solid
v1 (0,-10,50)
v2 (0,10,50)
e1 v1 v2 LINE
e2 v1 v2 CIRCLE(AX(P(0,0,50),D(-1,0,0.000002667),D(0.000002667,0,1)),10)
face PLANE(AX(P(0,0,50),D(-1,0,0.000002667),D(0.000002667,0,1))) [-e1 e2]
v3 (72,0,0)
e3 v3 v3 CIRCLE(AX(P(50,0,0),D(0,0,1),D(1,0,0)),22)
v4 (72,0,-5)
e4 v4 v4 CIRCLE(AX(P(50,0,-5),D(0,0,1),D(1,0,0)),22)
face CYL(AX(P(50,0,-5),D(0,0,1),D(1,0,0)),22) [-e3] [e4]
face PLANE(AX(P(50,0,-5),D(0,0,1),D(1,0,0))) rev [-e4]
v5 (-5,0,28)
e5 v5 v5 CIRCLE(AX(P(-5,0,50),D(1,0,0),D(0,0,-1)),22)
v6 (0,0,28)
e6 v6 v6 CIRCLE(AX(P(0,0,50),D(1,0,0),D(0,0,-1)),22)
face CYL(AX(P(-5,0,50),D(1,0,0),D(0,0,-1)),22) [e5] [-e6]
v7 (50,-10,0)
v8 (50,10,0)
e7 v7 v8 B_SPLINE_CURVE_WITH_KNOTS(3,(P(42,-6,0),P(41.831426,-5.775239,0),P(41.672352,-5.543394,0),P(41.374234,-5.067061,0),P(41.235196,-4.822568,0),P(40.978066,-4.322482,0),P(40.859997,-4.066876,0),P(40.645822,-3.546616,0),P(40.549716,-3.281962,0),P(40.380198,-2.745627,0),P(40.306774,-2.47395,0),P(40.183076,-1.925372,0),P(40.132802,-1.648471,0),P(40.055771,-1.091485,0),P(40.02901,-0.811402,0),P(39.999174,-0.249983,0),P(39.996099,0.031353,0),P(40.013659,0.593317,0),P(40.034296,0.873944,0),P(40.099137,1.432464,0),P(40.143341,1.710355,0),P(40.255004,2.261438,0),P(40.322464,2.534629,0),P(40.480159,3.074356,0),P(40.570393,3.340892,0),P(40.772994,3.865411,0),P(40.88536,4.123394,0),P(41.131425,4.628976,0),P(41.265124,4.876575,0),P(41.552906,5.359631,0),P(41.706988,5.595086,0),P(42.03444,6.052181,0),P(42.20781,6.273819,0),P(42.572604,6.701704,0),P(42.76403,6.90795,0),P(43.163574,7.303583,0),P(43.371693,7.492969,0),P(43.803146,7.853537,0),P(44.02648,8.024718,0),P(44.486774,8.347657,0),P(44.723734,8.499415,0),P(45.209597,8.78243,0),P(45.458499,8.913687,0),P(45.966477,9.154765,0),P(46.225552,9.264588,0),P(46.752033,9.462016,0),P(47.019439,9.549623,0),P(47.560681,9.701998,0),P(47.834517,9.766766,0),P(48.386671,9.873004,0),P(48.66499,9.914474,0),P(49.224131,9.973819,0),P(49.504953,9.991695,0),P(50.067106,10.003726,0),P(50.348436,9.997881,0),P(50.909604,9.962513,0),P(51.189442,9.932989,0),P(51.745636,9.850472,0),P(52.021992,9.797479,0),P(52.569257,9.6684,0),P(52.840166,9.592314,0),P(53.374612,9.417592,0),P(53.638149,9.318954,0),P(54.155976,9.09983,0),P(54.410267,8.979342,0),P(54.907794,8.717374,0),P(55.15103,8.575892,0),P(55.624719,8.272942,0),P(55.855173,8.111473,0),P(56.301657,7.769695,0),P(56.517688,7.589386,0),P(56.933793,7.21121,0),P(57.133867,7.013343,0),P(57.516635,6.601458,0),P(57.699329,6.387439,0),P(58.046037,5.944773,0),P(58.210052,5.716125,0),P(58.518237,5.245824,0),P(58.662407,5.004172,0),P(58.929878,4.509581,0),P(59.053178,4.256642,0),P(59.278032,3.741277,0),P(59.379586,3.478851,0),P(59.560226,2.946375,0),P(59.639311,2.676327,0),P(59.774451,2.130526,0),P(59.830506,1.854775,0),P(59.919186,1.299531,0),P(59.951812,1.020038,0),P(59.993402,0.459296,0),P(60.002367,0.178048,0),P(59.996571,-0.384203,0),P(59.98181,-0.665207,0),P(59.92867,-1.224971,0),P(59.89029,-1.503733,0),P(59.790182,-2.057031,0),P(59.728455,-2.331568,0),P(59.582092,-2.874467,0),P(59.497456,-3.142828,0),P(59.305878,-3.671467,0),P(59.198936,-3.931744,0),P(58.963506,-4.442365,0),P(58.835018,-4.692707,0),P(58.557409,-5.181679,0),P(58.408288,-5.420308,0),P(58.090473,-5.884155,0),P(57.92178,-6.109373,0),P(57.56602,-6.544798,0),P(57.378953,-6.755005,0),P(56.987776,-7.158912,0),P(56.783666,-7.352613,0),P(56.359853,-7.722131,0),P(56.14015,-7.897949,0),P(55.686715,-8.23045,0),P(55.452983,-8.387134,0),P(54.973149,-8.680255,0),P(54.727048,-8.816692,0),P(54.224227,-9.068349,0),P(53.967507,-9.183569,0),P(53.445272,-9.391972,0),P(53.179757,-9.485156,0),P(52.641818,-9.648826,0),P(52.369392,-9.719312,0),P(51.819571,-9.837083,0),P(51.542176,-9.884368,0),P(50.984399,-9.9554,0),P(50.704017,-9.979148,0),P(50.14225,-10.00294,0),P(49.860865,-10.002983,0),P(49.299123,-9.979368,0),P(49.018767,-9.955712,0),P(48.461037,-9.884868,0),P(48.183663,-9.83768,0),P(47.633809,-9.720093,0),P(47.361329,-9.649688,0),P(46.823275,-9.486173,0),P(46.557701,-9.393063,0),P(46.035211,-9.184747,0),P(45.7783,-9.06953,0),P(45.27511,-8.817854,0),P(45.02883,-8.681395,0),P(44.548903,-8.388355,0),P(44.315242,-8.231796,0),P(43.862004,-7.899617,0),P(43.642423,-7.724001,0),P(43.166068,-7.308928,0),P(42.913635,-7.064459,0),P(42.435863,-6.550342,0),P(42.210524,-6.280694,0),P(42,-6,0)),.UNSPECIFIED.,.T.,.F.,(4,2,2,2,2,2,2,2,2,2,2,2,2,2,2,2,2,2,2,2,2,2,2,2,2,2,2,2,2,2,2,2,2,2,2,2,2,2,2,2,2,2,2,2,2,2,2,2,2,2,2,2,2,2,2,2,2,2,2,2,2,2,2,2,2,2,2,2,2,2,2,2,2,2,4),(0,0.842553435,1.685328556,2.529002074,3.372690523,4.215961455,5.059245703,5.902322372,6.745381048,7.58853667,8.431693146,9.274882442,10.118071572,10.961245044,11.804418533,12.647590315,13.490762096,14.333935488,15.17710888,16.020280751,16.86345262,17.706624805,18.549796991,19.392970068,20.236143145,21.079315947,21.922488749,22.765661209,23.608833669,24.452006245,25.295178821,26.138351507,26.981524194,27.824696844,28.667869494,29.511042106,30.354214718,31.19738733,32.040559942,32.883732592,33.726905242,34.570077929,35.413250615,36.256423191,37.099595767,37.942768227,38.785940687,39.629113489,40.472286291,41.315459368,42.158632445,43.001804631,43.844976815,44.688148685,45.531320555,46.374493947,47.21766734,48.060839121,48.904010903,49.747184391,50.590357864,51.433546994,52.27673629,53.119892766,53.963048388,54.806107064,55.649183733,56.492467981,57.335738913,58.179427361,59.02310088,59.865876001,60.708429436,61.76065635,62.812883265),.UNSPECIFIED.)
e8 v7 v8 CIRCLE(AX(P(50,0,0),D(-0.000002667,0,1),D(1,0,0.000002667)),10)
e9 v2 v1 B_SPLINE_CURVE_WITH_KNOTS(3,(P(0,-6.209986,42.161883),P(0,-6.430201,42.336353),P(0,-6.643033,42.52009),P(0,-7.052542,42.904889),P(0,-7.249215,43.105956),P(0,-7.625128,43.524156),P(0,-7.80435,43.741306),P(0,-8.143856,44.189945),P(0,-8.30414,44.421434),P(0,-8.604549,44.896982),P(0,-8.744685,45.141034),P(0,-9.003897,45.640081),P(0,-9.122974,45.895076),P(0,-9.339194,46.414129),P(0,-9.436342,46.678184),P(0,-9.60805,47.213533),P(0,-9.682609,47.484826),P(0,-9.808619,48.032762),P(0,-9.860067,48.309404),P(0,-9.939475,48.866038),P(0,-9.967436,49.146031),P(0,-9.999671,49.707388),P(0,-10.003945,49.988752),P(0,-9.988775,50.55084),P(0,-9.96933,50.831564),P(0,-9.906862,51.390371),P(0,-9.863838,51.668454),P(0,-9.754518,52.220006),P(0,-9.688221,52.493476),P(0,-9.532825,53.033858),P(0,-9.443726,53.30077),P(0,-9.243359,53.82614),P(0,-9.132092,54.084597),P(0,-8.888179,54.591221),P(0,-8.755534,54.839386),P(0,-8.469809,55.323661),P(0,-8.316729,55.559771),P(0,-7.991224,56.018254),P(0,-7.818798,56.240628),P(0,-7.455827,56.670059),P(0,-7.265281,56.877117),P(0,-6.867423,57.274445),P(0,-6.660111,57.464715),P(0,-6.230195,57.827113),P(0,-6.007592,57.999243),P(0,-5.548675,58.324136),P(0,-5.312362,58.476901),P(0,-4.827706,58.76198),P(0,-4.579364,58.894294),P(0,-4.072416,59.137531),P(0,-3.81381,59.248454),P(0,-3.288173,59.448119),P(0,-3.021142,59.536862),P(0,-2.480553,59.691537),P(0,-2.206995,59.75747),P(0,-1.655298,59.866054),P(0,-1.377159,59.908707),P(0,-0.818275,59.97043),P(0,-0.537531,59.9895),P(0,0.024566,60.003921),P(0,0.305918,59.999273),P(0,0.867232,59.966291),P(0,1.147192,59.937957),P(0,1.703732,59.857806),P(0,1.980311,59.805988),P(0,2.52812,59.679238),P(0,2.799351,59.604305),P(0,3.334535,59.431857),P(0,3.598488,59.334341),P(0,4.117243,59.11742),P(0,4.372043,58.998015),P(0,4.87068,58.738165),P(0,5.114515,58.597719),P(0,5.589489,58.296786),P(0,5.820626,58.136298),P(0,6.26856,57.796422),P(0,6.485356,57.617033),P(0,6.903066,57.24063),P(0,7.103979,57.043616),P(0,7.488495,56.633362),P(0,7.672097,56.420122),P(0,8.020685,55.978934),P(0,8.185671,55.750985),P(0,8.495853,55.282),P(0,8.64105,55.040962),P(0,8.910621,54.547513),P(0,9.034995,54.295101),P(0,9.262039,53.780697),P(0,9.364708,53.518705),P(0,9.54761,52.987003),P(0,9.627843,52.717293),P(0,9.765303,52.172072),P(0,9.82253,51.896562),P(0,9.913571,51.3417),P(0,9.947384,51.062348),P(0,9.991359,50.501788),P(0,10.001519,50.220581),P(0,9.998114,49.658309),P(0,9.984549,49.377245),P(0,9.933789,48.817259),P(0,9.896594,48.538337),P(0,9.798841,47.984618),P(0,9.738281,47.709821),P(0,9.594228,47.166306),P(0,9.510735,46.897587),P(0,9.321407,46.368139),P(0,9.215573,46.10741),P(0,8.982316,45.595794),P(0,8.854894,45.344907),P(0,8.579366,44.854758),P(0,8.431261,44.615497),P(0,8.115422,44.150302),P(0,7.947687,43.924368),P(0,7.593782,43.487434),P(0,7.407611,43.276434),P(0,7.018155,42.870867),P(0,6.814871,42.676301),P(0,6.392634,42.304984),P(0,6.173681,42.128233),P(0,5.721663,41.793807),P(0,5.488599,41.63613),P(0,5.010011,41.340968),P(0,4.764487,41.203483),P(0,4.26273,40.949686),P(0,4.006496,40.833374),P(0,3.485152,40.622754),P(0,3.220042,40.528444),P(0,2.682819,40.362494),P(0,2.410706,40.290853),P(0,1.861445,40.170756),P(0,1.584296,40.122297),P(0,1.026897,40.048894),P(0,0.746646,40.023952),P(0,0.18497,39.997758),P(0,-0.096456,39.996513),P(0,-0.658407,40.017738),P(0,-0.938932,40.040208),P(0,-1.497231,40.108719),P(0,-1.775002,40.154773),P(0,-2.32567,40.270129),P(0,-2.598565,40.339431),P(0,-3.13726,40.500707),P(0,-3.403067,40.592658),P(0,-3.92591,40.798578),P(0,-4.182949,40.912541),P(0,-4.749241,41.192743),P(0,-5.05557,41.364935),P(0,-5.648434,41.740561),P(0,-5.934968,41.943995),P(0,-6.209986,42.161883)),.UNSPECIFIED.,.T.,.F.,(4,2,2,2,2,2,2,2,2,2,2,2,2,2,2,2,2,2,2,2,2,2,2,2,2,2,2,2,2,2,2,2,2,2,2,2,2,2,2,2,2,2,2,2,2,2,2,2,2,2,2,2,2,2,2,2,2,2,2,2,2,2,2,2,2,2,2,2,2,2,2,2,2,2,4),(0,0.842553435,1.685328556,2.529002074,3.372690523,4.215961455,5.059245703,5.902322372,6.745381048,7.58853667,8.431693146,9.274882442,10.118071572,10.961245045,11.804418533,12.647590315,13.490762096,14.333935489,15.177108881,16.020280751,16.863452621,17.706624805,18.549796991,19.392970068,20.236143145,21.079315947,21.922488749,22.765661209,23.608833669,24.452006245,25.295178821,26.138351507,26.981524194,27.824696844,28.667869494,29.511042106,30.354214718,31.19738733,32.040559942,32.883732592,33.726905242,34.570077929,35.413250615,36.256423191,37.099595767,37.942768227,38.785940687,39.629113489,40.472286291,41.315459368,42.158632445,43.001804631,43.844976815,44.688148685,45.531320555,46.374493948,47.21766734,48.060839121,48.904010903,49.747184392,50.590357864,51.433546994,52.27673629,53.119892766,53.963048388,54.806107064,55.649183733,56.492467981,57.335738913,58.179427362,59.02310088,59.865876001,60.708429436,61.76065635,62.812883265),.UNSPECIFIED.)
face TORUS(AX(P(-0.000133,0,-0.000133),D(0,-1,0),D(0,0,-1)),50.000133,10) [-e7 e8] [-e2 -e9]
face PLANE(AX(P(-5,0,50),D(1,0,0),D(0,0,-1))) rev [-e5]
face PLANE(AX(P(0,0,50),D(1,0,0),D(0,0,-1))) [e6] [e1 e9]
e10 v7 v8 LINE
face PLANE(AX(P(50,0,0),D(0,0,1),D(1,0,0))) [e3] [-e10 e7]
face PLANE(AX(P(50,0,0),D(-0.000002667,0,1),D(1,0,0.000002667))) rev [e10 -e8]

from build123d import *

# Parameters (mm, degrees)
SWEEP_2_PROFILE_R = 10
SKETCH_11_R       = 22
EXTRUDE_4_DEPTH   = 5
SKETCH_16_R       = 22
EXTRUDE_7_DEPTH   = 5


with BuildPart() as part:
    # 扫描2: sweep along a path in 草图1
    with BuildLine(Plane(origin=(0, 0, 0), x_dir=(1, 0, 0), z_dir=(0, 1, 0))) as sweep_2_path:
        ThreePointArc((50, 0), (35.3553, -35.3553), (0, -50))
    # 扫描2 profile (on start of the path) → 扫描2 (sweep)
    with BuildSketch(Plane(origin=(50, 0, 0), x_dir=(0.9999999999964432, 0, 2.6671391793895655e-06), z_dir=(-2.6671391793895655e-06, 0, 0.9999999999964432))):
        Circle(SWEEP_2_PROFILE_R)
    sweep(path=sweep_2_path.line)

    # 草图11 → 凸台-拉伸4 (add)
    with BuildSketch(Plane.XY):
        with Locations((50, 0)):
            Circle(SKETCH_11_R)
    extrude(amount=-EXTRUDE_4_DEPTH)

    # 草图16 → 凸台-拉伸7 (add)
    with BuildSketch(Plane(origin=(0, 0, 0), x_dir=(0, 0, -1), z_dir=(1, 0, 0))):
        with Locations((-50, 0)):
            Circle(SKETCH_16_R)
    extrude(amount=-EXTRUDE_7_DEPTH)


solid = part.part
